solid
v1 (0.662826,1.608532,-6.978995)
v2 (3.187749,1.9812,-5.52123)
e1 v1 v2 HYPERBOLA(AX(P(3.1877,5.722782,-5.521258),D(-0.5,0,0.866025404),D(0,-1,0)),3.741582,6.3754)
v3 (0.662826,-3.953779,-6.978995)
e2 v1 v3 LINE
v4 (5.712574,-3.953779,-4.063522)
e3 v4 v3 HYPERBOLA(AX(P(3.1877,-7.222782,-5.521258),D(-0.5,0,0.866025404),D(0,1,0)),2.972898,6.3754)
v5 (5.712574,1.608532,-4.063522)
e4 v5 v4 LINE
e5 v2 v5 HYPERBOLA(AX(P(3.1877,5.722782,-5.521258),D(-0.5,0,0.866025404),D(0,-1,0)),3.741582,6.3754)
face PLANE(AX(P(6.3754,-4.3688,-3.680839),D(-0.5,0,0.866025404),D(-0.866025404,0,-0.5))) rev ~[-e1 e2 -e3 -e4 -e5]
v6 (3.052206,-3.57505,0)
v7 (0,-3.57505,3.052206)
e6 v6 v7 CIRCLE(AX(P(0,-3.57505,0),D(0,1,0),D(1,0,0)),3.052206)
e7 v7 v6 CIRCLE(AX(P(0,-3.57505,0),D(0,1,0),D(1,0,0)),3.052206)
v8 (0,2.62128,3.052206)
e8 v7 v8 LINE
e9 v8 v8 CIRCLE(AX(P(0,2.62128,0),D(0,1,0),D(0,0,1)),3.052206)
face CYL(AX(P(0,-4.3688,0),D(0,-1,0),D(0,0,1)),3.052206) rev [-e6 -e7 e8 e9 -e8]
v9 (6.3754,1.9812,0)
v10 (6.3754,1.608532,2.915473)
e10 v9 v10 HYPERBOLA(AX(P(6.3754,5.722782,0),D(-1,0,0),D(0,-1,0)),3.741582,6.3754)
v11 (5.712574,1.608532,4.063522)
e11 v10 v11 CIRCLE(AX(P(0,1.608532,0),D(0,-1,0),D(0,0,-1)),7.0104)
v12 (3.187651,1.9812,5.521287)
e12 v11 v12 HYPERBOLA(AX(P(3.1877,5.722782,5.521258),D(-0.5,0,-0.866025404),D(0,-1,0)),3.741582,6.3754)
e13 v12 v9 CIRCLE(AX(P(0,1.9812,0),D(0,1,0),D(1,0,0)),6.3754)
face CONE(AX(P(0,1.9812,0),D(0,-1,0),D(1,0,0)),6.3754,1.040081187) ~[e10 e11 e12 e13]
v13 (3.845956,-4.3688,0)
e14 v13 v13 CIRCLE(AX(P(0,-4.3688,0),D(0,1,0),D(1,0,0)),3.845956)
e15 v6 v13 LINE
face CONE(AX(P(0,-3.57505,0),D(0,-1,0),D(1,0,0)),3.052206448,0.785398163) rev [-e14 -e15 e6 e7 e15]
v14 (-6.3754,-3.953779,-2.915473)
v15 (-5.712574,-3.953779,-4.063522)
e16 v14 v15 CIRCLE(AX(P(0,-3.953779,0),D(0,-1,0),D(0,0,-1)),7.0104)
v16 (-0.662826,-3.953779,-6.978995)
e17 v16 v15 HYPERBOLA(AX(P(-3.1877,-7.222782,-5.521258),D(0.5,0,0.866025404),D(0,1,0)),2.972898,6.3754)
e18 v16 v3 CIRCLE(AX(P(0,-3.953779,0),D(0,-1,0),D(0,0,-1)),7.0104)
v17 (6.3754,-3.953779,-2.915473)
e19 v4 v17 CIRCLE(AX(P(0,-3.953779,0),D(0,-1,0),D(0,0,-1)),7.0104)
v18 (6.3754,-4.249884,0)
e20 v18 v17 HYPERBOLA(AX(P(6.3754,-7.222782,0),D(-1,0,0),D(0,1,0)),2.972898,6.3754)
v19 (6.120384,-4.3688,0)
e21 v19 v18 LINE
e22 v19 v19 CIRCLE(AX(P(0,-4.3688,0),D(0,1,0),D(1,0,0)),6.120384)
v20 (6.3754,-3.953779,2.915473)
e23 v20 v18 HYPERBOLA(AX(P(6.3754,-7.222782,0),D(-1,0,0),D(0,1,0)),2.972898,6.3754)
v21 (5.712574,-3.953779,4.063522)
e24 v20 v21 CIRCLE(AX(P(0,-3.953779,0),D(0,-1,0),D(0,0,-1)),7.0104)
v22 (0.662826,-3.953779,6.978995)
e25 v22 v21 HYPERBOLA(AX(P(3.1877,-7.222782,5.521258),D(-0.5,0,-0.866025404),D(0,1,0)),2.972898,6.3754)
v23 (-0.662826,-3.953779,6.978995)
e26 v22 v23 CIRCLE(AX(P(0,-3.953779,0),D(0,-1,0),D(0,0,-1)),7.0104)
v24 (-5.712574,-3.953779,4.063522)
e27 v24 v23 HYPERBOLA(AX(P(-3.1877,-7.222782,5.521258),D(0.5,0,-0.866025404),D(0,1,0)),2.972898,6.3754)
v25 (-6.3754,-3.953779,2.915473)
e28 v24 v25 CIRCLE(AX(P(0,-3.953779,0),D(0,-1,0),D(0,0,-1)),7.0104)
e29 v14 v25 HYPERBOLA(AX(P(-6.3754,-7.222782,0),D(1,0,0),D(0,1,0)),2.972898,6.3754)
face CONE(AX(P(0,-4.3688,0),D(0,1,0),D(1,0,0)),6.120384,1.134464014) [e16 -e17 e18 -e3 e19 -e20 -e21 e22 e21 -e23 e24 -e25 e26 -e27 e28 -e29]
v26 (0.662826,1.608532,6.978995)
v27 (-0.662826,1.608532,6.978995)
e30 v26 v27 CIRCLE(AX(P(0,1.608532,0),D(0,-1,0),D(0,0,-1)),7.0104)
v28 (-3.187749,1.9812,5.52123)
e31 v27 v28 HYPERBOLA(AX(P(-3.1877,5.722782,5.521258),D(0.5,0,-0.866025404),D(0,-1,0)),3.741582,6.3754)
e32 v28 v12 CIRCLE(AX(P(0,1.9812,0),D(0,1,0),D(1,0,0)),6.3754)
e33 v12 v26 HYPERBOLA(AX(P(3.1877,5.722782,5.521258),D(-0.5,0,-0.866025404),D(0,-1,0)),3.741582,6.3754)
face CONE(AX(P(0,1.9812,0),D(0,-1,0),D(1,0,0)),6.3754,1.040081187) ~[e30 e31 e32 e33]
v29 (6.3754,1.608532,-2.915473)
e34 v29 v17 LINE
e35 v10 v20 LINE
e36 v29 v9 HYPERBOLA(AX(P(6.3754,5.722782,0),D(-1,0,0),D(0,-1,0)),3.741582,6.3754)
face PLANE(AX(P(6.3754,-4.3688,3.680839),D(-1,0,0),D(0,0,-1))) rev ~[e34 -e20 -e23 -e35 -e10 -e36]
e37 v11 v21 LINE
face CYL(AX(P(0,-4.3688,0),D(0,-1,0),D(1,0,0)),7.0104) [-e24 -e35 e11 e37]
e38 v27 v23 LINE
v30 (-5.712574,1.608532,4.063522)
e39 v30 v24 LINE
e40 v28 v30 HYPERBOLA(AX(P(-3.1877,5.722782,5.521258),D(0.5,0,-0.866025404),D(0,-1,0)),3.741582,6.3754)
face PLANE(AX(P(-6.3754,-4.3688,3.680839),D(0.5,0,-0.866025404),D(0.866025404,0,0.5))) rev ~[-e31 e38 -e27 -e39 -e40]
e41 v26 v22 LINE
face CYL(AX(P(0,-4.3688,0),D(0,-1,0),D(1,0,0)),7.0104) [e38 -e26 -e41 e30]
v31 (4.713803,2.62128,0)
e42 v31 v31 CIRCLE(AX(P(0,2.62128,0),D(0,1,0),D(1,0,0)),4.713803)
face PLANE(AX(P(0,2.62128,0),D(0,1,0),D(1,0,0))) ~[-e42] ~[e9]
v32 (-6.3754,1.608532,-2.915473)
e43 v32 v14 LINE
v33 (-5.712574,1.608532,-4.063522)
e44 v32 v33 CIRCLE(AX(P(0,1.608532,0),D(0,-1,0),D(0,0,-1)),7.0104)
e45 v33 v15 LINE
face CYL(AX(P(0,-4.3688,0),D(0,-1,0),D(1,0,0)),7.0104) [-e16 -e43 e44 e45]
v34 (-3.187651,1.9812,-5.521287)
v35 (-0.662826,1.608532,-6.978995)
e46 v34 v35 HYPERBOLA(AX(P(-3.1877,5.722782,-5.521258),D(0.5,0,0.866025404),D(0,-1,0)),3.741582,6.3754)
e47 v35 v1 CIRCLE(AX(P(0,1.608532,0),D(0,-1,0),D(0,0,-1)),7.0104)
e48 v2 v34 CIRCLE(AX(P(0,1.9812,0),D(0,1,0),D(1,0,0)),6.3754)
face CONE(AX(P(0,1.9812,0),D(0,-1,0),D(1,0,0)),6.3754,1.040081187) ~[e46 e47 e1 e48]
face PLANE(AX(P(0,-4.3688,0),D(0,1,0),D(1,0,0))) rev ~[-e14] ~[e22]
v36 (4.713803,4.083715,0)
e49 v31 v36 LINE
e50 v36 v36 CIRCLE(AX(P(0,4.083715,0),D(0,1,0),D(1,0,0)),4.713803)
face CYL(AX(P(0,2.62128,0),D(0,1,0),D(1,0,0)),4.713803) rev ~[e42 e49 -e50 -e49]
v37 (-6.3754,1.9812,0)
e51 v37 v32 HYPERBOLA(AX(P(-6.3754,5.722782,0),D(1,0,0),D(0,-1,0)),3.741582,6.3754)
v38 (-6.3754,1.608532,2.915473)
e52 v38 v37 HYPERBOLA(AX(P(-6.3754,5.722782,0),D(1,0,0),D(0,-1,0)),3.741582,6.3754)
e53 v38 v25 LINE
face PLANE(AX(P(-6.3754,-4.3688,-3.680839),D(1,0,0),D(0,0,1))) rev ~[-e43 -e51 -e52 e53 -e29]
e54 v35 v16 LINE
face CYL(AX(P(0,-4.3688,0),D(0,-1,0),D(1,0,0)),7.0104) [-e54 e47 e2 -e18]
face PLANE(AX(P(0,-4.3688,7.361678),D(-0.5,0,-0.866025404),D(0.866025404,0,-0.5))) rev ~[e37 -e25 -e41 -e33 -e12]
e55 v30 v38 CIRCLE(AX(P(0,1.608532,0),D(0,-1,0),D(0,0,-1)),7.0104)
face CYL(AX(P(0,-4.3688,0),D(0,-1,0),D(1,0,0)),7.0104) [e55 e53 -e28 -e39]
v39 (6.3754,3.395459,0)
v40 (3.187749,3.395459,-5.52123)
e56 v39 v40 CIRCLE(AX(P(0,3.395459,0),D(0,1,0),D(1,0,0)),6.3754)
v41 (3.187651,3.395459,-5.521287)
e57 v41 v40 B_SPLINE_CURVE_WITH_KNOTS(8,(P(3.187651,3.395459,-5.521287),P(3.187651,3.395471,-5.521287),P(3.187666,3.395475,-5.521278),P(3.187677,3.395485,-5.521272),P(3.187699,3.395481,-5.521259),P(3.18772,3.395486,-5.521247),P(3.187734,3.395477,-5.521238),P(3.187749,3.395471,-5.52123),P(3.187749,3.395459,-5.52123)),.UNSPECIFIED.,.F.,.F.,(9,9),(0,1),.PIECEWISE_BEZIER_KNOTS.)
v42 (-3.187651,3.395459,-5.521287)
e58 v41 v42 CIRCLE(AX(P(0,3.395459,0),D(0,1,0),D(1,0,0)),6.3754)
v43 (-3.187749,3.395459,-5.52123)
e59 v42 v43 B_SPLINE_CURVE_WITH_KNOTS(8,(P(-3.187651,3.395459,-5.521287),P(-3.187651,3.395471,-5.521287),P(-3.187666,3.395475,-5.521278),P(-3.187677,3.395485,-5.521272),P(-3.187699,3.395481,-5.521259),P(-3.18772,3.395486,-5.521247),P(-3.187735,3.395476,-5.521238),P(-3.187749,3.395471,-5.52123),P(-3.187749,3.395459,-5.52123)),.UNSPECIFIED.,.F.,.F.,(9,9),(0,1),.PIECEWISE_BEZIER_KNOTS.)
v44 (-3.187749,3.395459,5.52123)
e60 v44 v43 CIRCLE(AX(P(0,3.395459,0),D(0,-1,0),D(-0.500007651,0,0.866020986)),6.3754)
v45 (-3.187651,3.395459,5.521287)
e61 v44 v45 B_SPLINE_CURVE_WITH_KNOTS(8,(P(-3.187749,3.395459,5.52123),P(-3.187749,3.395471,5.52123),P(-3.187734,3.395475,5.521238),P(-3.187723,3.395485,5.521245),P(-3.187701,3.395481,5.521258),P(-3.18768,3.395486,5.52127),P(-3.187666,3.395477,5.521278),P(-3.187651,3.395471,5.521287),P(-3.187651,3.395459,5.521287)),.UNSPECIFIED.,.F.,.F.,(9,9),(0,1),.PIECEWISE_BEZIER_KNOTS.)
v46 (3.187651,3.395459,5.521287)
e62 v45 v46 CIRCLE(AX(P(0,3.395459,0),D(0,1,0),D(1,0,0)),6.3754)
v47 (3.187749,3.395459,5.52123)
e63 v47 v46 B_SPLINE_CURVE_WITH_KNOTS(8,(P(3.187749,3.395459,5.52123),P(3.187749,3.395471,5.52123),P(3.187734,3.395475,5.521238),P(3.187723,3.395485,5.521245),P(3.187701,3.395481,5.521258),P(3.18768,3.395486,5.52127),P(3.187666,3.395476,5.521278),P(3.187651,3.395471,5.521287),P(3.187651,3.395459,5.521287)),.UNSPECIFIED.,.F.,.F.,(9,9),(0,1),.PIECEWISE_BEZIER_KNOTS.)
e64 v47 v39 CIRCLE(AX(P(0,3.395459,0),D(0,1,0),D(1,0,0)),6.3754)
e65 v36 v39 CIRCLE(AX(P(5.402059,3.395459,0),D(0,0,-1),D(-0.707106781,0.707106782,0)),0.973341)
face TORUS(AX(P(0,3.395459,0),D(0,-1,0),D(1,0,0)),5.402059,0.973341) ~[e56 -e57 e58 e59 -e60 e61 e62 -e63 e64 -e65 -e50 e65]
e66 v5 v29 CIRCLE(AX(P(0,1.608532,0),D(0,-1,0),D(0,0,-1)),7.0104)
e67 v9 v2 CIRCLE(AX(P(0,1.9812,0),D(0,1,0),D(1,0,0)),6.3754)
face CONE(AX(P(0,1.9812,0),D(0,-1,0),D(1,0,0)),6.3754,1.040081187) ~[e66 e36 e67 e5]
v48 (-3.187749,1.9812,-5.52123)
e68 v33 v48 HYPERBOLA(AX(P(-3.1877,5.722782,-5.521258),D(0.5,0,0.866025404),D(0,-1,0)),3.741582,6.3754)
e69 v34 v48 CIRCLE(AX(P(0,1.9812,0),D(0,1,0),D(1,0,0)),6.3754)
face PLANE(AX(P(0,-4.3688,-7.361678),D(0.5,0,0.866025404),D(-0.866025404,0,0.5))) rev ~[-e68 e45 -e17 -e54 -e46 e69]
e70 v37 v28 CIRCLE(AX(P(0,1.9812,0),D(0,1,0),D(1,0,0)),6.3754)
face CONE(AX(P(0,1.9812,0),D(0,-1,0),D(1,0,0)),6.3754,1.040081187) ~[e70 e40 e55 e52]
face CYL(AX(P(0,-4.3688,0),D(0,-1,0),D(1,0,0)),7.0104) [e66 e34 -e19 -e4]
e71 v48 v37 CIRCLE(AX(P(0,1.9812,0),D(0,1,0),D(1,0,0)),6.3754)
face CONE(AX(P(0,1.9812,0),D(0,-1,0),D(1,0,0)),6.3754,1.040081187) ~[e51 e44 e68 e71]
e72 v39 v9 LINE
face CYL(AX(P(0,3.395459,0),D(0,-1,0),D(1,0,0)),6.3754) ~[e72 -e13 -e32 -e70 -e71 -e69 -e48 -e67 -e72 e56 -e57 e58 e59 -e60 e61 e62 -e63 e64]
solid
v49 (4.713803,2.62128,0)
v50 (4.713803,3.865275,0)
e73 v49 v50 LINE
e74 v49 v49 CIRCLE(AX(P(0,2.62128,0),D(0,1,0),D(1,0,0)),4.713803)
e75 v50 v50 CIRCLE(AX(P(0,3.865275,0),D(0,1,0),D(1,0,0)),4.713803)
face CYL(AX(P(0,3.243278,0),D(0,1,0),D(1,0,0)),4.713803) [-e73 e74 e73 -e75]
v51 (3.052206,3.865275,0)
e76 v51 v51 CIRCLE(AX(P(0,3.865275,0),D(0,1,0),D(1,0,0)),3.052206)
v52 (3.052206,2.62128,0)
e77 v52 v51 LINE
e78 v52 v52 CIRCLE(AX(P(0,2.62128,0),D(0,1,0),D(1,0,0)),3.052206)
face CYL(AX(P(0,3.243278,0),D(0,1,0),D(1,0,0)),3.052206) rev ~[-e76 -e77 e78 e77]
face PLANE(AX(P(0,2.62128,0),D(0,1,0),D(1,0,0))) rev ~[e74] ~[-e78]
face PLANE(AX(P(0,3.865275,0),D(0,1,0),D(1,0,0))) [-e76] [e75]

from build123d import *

# Parameters (mm, degrees)
BOSS_EXTRUDE1_DEPTH      = 4.3688
BOSS_EXTRUDE1_DEPTH_BACK = 4.3688
SKETCH2_R                = 3.052206448
SKETCH4_W                = 1.661596776
SKETCH4_H                = 1.243995064
SKETCH11_OUTSIDE_W       = 19.02
SKETCH11_OUTSIDE_H       = 20.994
SKETCH11_OUTSIDE_R       = 7.0104
CUT_EXTRUDE1_DEPTH       = 14.083794639


with BuildPart() as part:
    # Sketch2 → Boss-Extrude1 (new, two sides: drawn at the far end of the back side and taken through both)
    with BuildSketch(Plane(origin=(0, 0, 0), x_dir=(1, 0, 0), z_dir=(0, 1, 0)).offset(-BOSS_EXTRUDE1_DEPTH_BACK)):
        Polygon((0, 7.361677812), (-6.3754, 3.680838906), (-6.3754, -3.680838906), (0, -7.361677812), (6.3754, -3.680838906), (6.3754, 3.680838906), align=None)
        with Locations(Location((0, 0, 0), (0, 0, 270))):
            Circle(SKETCH2_R, mode=Mode.SUBTRACT)
    extrude(amount=BOSS_EXTRUDE1_DEPTH + BOSS_EXTRUDE1_DEPTH_BACK)

    # Sketch3 → Cut-Revolve2 (revolve, cut)
    with BuildSketch(Plane(origin=(0, 0, 0), x_dir=(0, 0, -1), z_dir=(1, 0, 0)), mode=Mode.PRIVATE) as cut_revolve2_sk:
        with BuildLine():
            Line((7.361677812, 1.9812), (7.361677812, 5.3688))
            Line((7.361677812, 5.3688), (3.052206448, 5.3688))
            Line((3.052206448, 5.3688), (3.052206448, 2.62128))
            Line((3.052206448, 2.62128), (4.713803224, 2.62128))
            Line((4.713803224, 2.62128), (4.713803224, 4.083715064))
            ThreePointArc((4.713803224, 4.083715064), (5.774540563, 4.294708839), (6.3754, 3.395459144))
            Line((6.3754, 3.395459144), (6.3754, 1.9812))
            Line((6.3754, 1.9812), (7.361677812, 1.402375189))
            Line((7.361677812, 1.402375189), (7.361677812, 1.9812))
        make_face()
        Polygon((6.120384, -4.3688), (7.361677812, -3.789975189), (7.361677812, -4.3688), align=None)
        Polygon((3.052206448, -4.3688), (3.052206448, -3.57505), (3.845956448, -4.3688), align=None)
    revolve(cut_revolve2_sk.sketch.rotate(Axis((0, -4.3688, 0), (0, 1, 0)), 270), axis=Axis((0, -4.3688, 0), (0, 1, 0)), mode=Mode.SUBTRACT)

    # Sketch11 outside → Cut-Extrude1 (cut, through all)
    with BuildSketch(Plane.XZ.offset(4.3688)):
        Rectangle(SKETCH11_OUTSIDE_W, SKETCH11_OUTSIDE_H)
        Circle(SKETCH11_OUTSIDE_R, mode=Mode.SUBTRACT)
    extrude(amount=-CUT_EXTRUDE1_DEPTH, mode=Mode.SUBTRACT)


with BuildPart() as body_2:
    # Sketch4 → Revolve1 (revolve)
    with BuildSketch(Plane(origin=(0, 0, 0), x_dir=(0, 0, -1), z_dir=(1, 0, 0)), mode=Mode.PRIVATE) as revolve1_sk:
        with Locations((-3.883004836, 3.243277532)):
            Rectangle(SKETCH4_W, SKETCH4_H)
    revolve(revolve1_sk.sketch.rotate(Axis((0, -4.3688, 0), (0, 1, 0)), 90), axis=Axis((0, -4.3688, 0), (0, 1, 0)))


solid = Compound([part.part, body_2.part])
